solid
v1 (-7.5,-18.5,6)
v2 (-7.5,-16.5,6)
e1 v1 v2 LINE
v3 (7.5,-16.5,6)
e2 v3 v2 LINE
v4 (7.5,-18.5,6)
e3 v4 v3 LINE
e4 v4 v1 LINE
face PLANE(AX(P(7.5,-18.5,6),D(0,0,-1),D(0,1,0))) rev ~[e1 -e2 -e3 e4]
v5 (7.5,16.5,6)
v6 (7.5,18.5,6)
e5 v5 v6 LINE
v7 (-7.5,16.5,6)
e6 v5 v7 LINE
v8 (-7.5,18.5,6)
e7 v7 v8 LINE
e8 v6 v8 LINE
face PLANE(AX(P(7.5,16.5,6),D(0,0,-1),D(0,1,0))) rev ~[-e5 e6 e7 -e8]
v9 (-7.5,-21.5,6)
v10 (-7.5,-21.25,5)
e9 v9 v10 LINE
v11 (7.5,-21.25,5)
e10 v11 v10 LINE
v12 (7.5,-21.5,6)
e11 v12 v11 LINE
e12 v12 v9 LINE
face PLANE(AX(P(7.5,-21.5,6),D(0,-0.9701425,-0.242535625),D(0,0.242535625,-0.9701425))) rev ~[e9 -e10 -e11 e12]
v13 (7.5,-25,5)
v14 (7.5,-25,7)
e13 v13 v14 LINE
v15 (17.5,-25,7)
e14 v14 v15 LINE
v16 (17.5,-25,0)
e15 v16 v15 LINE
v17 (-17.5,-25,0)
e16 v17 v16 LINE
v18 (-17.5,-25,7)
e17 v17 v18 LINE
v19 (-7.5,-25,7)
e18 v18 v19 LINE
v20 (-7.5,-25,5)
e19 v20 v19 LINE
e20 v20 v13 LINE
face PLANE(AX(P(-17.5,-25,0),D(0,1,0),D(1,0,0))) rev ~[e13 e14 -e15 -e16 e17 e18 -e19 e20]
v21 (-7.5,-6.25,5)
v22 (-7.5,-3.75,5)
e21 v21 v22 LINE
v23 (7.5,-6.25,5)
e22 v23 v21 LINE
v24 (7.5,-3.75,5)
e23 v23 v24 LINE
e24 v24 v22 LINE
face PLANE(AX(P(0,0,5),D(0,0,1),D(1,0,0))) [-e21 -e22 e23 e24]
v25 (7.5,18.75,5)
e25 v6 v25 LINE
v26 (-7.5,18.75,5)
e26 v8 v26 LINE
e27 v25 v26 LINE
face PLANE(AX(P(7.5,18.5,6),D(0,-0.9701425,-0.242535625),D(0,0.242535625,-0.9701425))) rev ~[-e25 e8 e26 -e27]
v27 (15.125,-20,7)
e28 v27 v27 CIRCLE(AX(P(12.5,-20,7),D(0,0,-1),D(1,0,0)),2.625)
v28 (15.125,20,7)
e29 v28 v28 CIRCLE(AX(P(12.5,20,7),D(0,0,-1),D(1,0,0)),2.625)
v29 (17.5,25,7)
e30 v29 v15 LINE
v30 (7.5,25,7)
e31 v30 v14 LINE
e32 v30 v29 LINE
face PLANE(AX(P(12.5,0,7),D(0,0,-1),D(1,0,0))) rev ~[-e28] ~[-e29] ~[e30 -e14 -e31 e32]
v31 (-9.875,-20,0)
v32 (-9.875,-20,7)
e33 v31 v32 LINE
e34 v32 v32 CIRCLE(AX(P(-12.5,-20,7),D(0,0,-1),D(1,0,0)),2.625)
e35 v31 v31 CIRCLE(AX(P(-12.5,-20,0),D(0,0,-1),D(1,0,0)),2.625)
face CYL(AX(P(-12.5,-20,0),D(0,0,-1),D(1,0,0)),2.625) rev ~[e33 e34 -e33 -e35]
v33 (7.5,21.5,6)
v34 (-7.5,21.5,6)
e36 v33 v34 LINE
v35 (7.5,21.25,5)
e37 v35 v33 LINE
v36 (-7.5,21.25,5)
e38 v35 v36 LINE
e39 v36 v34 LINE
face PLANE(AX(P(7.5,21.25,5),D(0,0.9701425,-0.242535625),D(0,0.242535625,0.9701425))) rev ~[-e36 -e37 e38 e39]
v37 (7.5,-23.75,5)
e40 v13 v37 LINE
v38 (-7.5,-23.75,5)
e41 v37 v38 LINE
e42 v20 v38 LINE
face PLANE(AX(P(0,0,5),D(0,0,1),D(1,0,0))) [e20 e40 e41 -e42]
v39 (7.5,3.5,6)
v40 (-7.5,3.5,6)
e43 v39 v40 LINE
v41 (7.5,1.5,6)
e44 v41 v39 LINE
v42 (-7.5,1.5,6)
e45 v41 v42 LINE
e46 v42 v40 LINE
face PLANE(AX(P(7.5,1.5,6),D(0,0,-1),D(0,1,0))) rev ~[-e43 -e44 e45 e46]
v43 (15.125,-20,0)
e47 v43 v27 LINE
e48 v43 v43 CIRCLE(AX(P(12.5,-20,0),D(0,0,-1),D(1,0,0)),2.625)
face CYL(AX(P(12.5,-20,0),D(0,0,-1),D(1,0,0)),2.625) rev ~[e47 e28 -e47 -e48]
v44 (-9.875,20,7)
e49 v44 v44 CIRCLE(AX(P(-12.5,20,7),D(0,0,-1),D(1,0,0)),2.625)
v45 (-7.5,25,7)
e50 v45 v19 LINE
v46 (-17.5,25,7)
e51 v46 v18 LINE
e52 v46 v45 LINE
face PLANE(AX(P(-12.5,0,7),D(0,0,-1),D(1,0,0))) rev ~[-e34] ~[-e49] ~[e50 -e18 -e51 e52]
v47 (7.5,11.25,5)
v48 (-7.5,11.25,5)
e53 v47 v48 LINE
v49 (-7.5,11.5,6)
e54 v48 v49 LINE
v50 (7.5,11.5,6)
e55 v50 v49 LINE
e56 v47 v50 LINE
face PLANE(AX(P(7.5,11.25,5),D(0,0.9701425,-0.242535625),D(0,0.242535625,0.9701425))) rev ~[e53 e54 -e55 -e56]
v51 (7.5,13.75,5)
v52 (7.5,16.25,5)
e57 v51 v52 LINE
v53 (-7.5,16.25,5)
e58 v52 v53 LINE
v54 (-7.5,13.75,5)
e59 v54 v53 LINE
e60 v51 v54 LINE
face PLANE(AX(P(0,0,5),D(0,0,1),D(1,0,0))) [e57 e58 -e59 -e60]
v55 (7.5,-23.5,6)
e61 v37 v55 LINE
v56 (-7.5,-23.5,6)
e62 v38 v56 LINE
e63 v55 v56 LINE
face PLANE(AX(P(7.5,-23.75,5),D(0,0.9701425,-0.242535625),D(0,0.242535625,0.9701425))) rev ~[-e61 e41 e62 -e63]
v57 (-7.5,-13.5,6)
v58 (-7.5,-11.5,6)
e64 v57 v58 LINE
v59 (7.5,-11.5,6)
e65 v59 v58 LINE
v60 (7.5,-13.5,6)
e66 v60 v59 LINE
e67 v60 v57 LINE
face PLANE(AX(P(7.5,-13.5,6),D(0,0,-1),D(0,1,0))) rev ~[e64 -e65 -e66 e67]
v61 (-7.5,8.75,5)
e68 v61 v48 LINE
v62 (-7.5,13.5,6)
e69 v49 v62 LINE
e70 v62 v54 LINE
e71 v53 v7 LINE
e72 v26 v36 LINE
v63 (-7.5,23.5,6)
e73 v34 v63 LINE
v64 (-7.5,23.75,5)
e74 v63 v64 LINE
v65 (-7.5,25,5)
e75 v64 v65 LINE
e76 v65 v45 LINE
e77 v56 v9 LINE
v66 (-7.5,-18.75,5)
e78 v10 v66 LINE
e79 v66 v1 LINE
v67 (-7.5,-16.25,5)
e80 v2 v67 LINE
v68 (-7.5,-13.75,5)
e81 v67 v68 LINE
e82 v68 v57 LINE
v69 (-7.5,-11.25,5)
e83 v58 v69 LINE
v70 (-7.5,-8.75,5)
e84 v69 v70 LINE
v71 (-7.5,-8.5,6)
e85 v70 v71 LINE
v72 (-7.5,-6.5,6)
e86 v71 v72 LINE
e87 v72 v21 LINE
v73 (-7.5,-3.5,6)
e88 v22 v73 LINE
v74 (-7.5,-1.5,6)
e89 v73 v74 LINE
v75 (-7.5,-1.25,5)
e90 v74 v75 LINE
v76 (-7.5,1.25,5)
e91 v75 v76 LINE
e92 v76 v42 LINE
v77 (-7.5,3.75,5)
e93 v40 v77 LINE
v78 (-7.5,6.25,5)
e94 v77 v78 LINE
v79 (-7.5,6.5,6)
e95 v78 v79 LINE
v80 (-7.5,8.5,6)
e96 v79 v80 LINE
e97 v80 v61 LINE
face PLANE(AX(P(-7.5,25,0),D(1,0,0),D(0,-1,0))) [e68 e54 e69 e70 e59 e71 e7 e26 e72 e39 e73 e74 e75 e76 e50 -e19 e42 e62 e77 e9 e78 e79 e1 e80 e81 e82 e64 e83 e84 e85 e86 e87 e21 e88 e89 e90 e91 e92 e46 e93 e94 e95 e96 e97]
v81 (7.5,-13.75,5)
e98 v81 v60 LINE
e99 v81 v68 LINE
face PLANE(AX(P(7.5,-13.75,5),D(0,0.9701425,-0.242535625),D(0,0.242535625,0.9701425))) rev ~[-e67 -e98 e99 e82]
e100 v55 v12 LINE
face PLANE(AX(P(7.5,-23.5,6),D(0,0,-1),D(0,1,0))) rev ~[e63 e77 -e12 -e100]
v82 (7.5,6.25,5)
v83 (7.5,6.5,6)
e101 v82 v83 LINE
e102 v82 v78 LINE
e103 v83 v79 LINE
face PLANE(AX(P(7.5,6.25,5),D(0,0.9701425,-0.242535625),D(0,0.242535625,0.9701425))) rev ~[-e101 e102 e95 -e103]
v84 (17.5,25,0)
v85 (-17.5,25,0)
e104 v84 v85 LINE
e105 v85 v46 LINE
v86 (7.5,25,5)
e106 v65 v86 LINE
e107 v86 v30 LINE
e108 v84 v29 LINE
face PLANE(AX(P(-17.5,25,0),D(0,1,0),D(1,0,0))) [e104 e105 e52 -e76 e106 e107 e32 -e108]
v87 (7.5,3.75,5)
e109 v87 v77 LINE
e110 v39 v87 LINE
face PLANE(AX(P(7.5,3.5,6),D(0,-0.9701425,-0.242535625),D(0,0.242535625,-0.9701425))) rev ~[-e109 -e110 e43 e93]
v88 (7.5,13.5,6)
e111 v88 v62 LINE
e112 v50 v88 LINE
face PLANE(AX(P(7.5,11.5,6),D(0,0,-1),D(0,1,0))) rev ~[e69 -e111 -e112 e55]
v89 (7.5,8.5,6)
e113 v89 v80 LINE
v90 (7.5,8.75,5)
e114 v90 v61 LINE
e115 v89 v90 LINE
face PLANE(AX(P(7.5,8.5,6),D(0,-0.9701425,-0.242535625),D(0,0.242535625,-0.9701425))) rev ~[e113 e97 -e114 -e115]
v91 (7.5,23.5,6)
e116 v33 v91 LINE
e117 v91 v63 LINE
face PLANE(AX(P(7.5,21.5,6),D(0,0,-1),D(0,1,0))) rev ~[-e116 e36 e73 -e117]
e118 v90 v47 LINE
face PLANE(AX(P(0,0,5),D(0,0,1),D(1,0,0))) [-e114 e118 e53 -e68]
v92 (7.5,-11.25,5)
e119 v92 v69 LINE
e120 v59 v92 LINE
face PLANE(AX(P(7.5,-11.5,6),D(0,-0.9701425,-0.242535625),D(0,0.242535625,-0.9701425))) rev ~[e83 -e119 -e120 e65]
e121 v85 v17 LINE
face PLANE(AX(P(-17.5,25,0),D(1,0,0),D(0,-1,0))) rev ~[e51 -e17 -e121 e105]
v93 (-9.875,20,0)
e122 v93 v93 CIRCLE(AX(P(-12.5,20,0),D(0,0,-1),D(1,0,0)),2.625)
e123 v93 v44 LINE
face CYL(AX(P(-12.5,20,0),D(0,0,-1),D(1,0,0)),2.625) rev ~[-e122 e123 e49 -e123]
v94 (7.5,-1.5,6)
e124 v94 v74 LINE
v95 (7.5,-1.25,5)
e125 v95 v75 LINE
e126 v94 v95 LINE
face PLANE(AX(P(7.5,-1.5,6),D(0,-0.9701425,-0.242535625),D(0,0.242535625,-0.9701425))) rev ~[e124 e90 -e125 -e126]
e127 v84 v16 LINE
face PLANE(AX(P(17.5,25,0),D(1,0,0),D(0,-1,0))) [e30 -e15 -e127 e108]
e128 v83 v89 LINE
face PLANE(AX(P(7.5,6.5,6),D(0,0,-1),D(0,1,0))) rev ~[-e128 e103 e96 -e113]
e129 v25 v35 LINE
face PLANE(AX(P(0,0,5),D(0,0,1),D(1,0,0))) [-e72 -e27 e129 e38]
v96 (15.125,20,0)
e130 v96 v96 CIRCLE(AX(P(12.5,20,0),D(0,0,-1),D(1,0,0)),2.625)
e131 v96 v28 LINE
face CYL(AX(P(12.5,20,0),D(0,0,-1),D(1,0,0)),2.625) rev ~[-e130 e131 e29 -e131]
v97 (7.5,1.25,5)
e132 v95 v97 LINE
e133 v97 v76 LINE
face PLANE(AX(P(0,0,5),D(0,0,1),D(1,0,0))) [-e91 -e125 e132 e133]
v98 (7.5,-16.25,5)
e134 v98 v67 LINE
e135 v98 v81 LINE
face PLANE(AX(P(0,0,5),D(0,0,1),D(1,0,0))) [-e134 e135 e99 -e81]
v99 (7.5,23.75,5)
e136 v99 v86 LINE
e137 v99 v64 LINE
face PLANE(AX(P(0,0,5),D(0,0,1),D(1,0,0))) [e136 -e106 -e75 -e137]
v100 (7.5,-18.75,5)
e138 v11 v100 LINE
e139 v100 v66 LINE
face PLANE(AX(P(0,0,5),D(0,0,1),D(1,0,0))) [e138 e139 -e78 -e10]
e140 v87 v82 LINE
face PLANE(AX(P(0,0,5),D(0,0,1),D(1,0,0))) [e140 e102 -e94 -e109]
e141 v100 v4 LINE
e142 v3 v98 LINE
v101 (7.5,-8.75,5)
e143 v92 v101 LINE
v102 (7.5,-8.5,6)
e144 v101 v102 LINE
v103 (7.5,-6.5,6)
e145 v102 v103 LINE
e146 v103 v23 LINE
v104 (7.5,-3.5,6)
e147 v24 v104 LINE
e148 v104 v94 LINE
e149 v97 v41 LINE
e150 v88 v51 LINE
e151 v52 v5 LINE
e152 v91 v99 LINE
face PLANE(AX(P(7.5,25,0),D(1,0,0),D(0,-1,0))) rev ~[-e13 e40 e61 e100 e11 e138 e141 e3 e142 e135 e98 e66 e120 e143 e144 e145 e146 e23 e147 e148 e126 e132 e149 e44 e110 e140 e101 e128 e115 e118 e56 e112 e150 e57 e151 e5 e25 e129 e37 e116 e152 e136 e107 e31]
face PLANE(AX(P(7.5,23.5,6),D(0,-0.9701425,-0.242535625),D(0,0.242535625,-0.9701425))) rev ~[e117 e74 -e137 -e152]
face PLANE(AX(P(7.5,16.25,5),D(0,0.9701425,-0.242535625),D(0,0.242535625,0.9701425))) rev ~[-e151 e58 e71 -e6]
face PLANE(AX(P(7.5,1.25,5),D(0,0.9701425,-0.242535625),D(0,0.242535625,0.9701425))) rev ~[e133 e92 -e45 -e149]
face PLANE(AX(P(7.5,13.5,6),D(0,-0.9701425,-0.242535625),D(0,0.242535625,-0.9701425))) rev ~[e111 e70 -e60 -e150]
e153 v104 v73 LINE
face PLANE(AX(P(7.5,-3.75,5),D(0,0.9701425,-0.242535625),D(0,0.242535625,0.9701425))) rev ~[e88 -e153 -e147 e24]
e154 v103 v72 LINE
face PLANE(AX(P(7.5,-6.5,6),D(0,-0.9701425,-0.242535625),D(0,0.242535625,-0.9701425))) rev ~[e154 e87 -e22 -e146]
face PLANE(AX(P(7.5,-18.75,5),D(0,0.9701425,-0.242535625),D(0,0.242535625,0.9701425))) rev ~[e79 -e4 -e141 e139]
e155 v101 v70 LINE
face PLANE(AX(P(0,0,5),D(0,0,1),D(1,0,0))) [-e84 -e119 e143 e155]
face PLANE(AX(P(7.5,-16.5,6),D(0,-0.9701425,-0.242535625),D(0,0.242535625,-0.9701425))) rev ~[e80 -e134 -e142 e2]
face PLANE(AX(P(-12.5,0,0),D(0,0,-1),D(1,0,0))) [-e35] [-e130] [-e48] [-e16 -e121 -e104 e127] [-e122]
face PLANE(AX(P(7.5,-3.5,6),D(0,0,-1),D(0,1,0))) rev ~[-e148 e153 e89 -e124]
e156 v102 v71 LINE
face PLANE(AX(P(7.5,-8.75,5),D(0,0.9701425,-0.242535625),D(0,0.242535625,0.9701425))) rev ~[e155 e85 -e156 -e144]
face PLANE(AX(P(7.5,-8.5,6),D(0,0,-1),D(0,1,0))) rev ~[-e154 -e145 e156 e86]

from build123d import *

# Parameters (mm, degrees)
SKETCH_W     = 15
SKETCH_H     = 50
PAD_DEPTH    = 5
PAD001_DEPTH = 15
SKETCH002_W  = 10
SKETCH002_H  = 50
PAD002_DEPTH = 7
SKETCH003_W  = 10
SKETCH003_H  = 50
PAD003_DEPTH = 7
SKETCH004_R  = 2.625
POCKET_DEPTH = 7


with BuildPart() as part:
    # Sketch → Pad (new body)
    with BuildSketch(Plane.XY):
        Rectangle(SKETCH_W, SKETCH_H)
    extrude(amount=PAD_DEPTH)

    # Sketch001 (on Face3 of Pad) → Pad001 (join)
    with BuildSketch(Plane.YZ.offset(7.5)):
        Polygon((-23.75, 5), (-23.5, 6), (-21.5, 6), (-21.25, 5), align=None)
        Polygon((-18.75, 5), (-18.5, 6), (-16.5, 6), (-16.25, 5), align=None)
        Polygon((-13.75, 5), (-13.5, 6), (-11.5, 6), (-11.25, 5), align=None)
        Polygon((-8.75, 5), (-8.5, 6), (-6.5, 6), (-6.25, 5), align=None)
        Polygon((-3.75, 5), (-3.5, 6), (-1.5, 6), (-1.25, 5), align=None)
        Polygon((1.25, 5), (1.5, 6), (3.5, 6), (3.75, 5), align=None)
        Polygon((6.25, 5), (6.5, 6), (8.5, 6), (8.75, 5), align=None)
        Polygon((11.25, 5), (11.5, 6), (13.5, 6), (13.75, 5), align=None)
        Polygon((16.25, 5), (16.5, 6), (18.5, 6), (18.75, 5), align=None)
        Polygon((21.25, 5), (21.5, 6), (23.5, 6), (23.75, 5), align=None)
    extrude(amount=-PAD001_DEPTH)

    # Sketch002 (on Face4 of Pad001) → Pad002 (join)
    with BuildSketch(Plane(origin=(0, 0, 0), x_dir=(1, 0, 0), z_dir=(0, 0, -1))):
        with Locations((12.5, 0)):
            Rectangle(SKETCH002_W, SKETCH002_H)
    extrude(amount=-PAD002_DEPTH)

    # Sketch003 (on Face4 of Pad002) → Pad003 (join)
    with BuildSketch(Plane(origin=(0, 0, 0), x_dir=(1, 0, 0), z_dir=(0, 0, -1))):
        with Locations((-12.5, 0)):
            Rectangle(SKETCH003_W, SKETCH003_H)
    extrude(amount=-PAD003_DEPTH)

    # Sketch004 (on Face12 of Pad003) → Pocket (cut)
    with BuildSketch(Plane(origin=(0, 0, 0), x_dir=(1, 0, 0), z_dir=(0, 0, -1))):
        with Locations((-12.5, 20)):
            Circle(SKETCH004_R)
        with Locations((-12.5, -20)):
            Circle(SKETCH004_R)
        with Locations((12.5, -20)):
            Circle(SKETCH004_R)
        with Locations((12.5, 20)):
            Circle(SKETCH004_R)
    extrude(amount=-POCKET_DEPTH, mode=Mode.SUBTRACT)


solid = part.part
